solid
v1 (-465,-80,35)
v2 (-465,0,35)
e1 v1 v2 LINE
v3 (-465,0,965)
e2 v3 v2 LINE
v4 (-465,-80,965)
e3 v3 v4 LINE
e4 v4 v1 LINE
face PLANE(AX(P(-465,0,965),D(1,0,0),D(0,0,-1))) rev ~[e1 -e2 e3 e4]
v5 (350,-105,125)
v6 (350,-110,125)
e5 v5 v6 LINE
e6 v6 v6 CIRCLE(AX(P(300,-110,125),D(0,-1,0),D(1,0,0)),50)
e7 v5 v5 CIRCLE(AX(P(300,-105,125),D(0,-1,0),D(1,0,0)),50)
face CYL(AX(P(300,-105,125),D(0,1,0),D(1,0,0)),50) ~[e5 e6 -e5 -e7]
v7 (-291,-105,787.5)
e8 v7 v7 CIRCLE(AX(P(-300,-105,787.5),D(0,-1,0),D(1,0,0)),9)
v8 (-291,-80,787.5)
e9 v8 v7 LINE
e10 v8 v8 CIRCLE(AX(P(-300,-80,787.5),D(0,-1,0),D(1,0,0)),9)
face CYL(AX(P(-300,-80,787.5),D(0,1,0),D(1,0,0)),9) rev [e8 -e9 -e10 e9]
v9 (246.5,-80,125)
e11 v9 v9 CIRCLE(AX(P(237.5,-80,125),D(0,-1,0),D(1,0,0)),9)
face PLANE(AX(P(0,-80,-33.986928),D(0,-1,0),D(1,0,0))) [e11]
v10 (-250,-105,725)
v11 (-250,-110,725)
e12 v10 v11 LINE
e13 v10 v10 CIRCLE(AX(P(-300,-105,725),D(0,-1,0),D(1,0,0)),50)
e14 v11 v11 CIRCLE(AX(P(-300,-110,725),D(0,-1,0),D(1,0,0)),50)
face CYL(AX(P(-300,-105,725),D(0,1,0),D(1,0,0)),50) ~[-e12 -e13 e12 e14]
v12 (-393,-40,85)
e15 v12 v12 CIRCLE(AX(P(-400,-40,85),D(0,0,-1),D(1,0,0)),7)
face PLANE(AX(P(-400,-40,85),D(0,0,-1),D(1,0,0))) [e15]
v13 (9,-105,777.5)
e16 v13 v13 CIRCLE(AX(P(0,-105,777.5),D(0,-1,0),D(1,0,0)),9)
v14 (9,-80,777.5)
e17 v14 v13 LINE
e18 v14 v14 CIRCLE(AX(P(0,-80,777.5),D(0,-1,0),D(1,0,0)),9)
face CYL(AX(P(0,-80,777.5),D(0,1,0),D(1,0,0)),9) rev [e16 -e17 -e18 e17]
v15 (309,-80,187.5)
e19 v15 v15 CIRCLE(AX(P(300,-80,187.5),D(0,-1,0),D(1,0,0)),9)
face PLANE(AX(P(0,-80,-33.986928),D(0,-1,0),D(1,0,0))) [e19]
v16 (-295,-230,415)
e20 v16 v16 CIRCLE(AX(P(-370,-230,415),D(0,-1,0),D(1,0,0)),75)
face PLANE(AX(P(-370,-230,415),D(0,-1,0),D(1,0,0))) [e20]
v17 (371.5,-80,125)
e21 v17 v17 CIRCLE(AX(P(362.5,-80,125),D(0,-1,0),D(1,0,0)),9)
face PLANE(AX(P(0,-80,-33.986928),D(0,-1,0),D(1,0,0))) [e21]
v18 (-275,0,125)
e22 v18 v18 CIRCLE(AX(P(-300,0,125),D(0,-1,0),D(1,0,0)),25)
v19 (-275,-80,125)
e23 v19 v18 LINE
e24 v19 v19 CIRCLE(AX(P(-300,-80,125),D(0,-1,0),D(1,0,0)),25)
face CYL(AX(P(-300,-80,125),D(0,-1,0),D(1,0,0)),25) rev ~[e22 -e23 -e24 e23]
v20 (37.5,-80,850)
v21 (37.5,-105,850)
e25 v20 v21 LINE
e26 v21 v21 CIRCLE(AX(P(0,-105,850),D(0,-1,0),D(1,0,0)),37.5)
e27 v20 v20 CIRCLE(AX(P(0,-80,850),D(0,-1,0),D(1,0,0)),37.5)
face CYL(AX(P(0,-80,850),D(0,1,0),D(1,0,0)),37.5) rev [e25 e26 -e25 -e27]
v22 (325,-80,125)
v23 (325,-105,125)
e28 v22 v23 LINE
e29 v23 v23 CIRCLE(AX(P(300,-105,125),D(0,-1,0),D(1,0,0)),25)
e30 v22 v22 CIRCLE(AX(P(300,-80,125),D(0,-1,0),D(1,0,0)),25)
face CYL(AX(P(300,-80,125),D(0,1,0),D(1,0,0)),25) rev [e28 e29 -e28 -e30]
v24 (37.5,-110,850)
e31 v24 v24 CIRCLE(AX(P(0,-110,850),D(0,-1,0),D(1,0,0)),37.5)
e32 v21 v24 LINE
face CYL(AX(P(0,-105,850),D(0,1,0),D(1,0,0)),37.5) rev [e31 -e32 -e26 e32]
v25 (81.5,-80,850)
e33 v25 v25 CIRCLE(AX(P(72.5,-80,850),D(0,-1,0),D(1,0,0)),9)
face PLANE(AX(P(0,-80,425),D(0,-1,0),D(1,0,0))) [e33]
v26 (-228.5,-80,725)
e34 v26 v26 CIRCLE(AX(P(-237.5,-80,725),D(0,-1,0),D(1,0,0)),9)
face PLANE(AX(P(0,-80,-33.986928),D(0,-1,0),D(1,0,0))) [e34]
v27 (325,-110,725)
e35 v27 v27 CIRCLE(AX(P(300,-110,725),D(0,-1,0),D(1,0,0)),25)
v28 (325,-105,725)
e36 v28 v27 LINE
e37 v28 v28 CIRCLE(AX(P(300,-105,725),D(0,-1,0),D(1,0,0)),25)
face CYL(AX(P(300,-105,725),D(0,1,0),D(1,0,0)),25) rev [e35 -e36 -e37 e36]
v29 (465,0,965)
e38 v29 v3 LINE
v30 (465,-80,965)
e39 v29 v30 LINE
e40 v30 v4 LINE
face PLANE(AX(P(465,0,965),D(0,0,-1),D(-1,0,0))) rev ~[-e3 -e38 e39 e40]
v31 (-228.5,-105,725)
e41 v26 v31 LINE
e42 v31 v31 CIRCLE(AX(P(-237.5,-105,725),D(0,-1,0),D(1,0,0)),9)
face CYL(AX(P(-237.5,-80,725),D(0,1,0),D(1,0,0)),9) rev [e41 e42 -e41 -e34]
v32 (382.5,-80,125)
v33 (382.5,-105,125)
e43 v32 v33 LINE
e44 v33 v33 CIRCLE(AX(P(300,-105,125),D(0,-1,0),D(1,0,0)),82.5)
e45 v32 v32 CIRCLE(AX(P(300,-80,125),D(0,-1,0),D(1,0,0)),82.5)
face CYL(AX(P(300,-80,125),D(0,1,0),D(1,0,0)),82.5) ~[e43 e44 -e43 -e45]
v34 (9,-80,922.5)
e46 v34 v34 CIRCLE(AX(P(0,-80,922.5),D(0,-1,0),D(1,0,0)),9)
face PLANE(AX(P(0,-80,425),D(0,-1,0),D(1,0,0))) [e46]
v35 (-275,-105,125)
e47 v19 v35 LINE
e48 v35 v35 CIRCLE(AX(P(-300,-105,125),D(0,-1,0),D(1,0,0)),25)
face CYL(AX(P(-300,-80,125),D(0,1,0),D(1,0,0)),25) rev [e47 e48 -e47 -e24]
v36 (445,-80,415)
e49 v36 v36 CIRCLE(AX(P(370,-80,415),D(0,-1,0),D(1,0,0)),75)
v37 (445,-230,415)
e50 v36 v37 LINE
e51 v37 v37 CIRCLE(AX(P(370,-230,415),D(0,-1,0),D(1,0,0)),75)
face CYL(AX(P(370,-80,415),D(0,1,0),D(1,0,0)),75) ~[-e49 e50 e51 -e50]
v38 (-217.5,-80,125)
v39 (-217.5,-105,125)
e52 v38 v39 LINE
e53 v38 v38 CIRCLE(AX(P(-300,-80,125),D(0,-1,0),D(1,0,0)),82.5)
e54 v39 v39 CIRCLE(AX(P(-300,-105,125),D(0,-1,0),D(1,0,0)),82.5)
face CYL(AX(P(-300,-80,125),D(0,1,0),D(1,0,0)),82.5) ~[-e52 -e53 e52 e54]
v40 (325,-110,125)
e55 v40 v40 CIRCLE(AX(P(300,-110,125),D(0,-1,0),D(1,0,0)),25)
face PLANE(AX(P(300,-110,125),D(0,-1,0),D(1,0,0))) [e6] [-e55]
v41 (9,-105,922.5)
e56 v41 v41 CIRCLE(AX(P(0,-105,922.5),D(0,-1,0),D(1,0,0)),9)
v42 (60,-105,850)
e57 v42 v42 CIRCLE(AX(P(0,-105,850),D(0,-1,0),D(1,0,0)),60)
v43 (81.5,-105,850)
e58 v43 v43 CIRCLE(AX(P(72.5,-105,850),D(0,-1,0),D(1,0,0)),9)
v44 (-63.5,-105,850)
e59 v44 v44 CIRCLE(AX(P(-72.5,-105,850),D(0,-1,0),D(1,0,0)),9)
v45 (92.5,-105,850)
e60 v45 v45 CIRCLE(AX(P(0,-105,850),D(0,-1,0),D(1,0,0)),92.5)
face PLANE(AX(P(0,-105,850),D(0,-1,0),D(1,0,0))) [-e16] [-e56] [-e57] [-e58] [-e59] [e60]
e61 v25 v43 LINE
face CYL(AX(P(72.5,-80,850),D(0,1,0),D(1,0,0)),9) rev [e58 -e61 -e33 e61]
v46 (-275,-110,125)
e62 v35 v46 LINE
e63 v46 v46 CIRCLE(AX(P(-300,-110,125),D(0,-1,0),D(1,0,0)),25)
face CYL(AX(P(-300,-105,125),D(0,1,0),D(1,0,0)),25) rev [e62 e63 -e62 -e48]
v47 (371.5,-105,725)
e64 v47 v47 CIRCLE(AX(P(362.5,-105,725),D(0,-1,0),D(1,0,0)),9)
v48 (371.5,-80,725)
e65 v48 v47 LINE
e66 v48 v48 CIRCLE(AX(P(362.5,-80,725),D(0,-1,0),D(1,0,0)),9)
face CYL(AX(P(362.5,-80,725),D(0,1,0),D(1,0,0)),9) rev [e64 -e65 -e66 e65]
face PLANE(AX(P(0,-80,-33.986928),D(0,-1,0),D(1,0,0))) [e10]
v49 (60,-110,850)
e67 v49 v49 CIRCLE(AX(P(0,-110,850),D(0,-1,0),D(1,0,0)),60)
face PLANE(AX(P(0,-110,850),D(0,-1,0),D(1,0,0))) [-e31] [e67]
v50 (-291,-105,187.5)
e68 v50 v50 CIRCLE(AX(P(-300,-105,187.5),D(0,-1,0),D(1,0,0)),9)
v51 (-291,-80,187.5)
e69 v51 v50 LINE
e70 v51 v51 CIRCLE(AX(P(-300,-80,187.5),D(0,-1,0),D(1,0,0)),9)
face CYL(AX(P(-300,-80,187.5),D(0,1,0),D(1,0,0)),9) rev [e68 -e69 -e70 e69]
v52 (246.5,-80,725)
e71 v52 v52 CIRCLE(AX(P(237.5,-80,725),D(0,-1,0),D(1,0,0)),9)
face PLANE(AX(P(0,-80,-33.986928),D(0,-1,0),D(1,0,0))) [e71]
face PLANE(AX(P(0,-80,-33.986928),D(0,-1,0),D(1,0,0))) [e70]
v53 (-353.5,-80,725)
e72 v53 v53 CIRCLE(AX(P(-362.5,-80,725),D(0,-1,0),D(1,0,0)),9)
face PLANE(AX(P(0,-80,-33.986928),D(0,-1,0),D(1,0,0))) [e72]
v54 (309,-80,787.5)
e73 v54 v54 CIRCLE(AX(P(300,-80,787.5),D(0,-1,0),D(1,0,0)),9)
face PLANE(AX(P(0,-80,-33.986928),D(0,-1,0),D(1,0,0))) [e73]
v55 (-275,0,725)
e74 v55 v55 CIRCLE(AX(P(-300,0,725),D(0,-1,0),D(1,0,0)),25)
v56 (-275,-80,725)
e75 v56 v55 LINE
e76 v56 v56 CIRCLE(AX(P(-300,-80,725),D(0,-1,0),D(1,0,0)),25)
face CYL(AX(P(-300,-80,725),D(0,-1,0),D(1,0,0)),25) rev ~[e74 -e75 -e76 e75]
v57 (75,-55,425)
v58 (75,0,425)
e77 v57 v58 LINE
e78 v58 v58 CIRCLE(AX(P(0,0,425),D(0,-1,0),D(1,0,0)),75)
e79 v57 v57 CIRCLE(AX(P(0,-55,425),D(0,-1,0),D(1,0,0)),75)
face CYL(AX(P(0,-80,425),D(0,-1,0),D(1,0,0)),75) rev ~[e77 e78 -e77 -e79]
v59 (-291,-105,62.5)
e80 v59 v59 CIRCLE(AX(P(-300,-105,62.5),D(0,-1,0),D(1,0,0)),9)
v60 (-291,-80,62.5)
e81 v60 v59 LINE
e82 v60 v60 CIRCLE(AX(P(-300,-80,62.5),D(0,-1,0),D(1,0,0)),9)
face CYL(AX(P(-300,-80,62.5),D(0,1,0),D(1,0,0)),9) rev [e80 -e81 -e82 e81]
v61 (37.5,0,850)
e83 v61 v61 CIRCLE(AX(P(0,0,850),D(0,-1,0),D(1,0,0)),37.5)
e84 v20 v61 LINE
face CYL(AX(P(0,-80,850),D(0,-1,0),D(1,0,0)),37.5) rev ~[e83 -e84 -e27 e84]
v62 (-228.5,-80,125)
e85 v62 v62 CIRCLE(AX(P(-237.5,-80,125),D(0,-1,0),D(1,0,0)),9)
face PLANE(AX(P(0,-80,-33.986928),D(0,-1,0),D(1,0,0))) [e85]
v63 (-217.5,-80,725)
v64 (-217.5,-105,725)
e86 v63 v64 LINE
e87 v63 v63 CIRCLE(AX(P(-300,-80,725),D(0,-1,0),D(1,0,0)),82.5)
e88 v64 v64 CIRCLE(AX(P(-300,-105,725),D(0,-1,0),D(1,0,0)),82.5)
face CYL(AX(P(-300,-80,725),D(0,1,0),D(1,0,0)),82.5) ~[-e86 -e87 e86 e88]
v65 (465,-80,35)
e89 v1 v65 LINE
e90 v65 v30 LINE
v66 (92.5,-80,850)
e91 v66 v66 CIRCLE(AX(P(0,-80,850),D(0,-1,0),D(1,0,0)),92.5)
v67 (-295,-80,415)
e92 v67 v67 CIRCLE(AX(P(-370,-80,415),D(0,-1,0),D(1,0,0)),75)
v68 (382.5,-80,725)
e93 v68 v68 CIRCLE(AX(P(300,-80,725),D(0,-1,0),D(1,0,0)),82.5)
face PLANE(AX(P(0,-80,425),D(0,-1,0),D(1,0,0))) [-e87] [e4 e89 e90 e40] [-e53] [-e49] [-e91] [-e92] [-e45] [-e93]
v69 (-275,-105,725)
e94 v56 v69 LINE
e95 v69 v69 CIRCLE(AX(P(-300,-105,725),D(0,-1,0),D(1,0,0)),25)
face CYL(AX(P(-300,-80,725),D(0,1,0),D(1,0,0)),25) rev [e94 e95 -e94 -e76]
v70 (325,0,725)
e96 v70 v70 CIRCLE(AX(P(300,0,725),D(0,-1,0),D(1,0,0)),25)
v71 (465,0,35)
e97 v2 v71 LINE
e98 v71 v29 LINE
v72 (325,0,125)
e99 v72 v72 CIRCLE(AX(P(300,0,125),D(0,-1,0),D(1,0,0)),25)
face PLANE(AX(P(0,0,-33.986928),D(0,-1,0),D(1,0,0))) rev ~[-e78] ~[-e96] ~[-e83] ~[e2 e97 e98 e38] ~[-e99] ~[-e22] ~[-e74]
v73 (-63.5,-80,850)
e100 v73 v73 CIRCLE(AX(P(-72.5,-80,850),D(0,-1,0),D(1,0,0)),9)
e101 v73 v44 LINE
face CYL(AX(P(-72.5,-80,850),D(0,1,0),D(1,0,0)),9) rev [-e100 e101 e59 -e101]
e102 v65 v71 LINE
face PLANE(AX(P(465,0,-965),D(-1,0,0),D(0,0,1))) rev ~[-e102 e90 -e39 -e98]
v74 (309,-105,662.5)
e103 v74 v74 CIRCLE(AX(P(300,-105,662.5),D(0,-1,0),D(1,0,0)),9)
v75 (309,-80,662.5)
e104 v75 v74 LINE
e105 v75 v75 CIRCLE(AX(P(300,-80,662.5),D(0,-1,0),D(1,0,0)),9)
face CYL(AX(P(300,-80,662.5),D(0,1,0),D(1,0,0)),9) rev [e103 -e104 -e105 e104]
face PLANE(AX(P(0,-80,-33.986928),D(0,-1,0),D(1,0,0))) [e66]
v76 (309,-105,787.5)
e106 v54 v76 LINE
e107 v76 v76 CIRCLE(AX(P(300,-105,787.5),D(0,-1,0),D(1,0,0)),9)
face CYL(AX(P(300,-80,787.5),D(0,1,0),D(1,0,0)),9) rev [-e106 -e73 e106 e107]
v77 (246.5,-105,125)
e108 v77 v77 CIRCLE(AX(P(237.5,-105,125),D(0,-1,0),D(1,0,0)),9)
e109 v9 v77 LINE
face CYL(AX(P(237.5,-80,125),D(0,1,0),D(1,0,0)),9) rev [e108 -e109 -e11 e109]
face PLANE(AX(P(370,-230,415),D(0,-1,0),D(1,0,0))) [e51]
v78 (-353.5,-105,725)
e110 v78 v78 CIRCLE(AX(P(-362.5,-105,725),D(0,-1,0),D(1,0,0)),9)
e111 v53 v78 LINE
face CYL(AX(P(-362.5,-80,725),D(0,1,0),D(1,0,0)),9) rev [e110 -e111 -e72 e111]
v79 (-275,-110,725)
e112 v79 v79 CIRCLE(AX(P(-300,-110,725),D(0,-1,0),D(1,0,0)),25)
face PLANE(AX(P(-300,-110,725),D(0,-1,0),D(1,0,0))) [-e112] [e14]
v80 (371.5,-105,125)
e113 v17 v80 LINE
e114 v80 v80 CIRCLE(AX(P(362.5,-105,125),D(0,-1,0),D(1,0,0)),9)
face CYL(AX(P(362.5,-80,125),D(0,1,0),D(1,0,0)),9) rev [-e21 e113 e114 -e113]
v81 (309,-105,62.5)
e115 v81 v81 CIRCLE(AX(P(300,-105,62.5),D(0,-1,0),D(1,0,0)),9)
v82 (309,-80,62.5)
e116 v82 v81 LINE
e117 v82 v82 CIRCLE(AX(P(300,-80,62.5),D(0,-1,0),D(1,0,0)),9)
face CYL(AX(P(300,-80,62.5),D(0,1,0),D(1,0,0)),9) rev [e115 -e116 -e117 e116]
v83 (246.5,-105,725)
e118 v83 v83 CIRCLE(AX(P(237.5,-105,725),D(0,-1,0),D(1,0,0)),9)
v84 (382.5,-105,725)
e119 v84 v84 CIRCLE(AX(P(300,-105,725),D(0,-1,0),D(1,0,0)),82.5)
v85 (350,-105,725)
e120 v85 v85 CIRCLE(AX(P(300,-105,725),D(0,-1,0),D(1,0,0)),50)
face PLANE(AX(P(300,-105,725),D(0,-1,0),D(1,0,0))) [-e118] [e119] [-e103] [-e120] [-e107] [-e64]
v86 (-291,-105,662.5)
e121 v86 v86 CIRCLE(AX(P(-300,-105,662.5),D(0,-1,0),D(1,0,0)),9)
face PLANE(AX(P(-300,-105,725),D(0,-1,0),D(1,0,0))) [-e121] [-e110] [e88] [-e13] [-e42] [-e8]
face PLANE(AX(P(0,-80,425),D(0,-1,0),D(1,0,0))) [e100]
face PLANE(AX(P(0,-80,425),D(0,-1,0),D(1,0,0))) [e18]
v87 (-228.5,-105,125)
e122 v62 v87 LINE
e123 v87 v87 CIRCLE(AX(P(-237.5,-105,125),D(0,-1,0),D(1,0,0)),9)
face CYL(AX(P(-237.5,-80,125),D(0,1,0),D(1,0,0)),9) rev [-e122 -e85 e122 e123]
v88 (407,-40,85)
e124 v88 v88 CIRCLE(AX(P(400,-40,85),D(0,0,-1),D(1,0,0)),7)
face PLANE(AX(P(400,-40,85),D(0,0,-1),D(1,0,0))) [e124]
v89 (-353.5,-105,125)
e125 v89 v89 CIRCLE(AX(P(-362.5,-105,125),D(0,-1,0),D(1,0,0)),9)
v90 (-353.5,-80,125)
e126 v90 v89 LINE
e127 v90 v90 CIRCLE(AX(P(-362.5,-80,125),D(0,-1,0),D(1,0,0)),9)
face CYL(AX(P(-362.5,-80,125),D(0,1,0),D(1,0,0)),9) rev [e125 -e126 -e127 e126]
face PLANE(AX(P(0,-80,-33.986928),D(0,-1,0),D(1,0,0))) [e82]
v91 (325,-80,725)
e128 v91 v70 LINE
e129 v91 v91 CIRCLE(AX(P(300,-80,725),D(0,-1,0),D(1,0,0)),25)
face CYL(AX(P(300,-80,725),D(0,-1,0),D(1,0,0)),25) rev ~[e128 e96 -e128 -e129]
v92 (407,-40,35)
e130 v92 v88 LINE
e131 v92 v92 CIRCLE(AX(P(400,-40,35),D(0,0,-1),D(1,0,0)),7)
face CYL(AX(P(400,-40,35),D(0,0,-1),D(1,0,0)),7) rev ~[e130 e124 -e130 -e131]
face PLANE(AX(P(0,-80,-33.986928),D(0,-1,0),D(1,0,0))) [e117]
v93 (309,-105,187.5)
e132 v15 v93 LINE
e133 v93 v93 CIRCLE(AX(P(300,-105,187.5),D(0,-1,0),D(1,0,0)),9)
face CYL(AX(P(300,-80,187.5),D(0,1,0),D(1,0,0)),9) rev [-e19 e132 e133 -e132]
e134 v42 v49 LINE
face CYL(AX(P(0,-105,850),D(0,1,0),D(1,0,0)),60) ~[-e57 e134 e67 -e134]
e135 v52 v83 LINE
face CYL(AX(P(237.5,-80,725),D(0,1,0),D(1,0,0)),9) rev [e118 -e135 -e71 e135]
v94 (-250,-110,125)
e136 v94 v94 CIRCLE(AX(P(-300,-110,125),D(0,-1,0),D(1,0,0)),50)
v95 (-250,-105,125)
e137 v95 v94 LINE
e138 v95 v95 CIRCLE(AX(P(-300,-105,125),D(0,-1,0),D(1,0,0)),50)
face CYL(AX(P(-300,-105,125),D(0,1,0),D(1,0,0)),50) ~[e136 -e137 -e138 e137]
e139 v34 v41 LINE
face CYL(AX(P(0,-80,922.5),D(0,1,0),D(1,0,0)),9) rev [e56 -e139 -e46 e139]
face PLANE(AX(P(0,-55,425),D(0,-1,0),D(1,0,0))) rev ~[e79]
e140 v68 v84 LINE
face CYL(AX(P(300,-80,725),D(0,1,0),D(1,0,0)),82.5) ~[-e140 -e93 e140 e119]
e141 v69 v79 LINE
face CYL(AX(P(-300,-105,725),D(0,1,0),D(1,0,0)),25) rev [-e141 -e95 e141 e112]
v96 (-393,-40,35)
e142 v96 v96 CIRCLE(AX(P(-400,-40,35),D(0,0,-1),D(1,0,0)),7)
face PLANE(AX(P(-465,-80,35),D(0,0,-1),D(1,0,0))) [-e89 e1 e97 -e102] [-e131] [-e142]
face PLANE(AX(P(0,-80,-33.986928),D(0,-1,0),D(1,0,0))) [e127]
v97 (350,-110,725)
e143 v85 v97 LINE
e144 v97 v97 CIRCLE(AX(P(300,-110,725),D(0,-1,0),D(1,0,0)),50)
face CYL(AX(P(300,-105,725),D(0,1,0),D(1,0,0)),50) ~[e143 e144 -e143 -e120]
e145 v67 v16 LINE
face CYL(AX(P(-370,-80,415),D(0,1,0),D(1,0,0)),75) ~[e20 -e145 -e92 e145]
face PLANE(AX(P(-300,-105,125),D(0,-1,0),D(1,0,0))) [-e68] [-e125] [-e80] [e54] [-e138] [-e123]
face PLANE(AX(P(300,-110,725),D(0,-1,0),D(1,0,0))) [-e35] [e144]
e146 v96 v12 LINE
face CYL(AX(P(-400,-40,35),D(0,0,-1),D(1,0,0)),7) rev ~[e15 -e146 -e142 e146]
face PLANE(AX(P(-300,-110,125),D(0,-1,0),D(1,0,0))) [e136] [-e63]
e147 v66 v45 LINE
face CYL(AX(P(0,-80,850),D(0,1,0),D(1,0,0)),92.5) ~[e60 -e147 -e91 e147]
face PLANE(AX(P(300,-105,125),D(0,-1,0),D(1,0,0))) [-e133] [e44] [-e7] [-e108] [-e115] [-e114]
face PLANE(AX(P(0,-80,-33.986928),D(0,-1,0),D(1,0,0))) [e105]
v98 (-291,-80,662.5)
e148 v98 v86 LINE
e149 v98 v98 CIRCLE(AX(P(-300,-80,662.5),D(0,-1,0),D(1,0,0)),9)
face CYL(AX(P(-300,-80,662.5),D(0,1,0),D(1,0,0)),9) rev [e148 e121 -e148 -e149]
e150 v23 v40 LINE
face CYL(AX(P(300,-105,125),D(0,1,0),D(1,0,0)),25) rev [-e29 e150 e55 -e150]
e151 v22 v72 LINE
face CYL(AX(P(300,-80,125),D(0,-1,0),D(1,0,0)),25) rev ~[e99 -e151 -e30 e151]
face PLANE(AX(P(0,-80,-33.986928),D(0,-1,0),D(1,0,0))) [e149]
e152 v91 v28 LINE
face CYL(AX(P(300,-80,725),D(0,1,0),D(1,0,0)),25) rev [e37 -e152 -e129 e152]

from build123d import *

# Parameters (mm, degrees)
F0_W      = 690
F0_H      = 350
F0_H_2    = 200
F1_DEPTH  = 80
F2_R      = 25
F2_R_2    = 75
F3_DEPTH  = 100
F4_R      = 75
F5_DEPTH  = 150
F6_R      = 82.5
F6_R_2    = 9
F6_R_3    = 25
F7_DEPTH  = 25
F8_R      = 50
F8_R_2    = 25
F9_DEPTH  = 5
F10_R     = 75
F11_DEPTH = 25
F12_R     = 37.5
F13_DEPTH = 100
F14_R     = 92.5
F14_R_2   = 9
F14_R_3   = 37.5
F15_DEPTH = 25
F16_R     = 60
F16_R_2   = 37.5
F17_DEPTH = 5
F18_W     = 930
F18_H     = 1000
F19_DEPTH = 100
F20_R     = 7
F21_DEPTH = 50


with BuildPart() as f1:
    # F0 (on Front) → F1 (new body)
    with BuildSketch(Plane.XZ):
        Polygon((345, -965), (465, -965), (465, 965), (-465, 965), (-465, -965), (-345, -965), (-345, -765), (345, -765), align=None)
        with Locations((0, -470)):
            Rectangle(F0_W, F0_H, mode=Mode.SUBTRACT)
        with Locations((0, -75)):
            Rectangle(F0_W, F0_H_2, mode=Mode.SUBTRACT)
    extrude(amount=F1_DEPTH)

    # F2 (on face) → F3 (cut)
    with BuildSketch(Plane.XZ.offset(80)):
        with Locations((-300, 125)):
            Circle(F2_R)
        with Locations((0, 425)):
            Circle(F2_R_2)
        with Locations((-300, 725)):
            Circle(F2_R)
        with Locations((300, 125)):
            Circle(F2_R)
        with Locations((300, 725)):
            Circle(F2_R)
    extrude(amount=-F3_DEPTH, mode=Mode.SUBTRACT)

    # F4 (on face) → F5 (join)
    with BuildSketch(Plane.XZ.offset(80)):
        with Locations((-370, 415)):
            Circle(F4_R)
        with Locations((370, 415)):
            Circle(F4_R)
    extrude(amount=F5_DEPTH)

    # F6 (on face) → F7 (join)
    with BuildSketch(Plane.XZ.offset(80)):
        with Locations((-300, 725)):
            Circle(F6_R)
        with Locations((-300, 662.5)):
            Circle(F6_R_2, mode=Mode.SUBTRACT)
        with Locations((-362.5, 725)):
            Circle(F6_R_2, mode=Mode.SUBTRACT)
        with Locations((-300, 725)):
            Circle(F6_R_3, mode=Mode.SUBTRACT)
        with Locations((-300, 787.5)):
            Circle(F6_R_2, mode=Mode.SUBTRACT)
        with Locations((-237.5, 725)):
            Circle(F6_R_2, mode=Mode.SUBTRACT)
        with Locations((-300, 125)):
            Circle(F6_R)
        with Locations((-300, 62.5)):
            Circle(F6_R_2, mode=Mode.SUBTRACT)
        with Locations((-362.5, 125)):
            Circle(F6_R_2, mode=Mode.SUBTRACT)
        with Locations((-300, 125)):
            Circle(F6_R_3, mode=Mode.SUBTRACT)
        with Locations((-237.5, 125)):
            Circle(F6_R_2, mode=Mode.SUBTRACT)
        with Locations((-300, 187.5)):
            Circle(F6_R_2, mode=Mode.SUBTRACT)
        with Locations((300, 725)):
            Circle(F6_R)
        with Locations((300, 662.5)):
            Circle(F6_R_2, mode=Mode.SUBTRACT)
        with Locations((237.5, 725)):
            Circle(F6_R_2, mode=Mode.SUBTRACT)
        with Locations((300, 725)):
            Circle(F6_R_3, mode=Mode.SUBTRACT)
        with Locations((362.5, 725)):
            Circle(F6_R_2, mode=Mode.SUBTRACT)
        with Locations((300, 787.5)):
            Circle(F6_R_2, mode=Mode.SUBTRACT)
        with Locations((300, 125)):
            Circle(F6_R)
        with Locations((237.5, 125)):
            Circle(F6_R_2, mode=Mode.SUBTRACT)
        with Locations((300, 62.5)):
            Circle(F6_R_2, mode=Mode.SUBTRACT)
        with Locations((300, 125)):
            Circle(F6_R_3, mode=Mode.SUBTRACT)
        with Locations((362.5, 125)):
            Circle(F6_R_2, mode=Mode.SUBTRACT)
        with Locations((300, 187.5)):
            Circle(F6_R_2, mode=Mode.SUBTRACT)
    extrude(amount=F7_DEPTH)

    # F8 (on face) → F9 (join)
    with BuildSketch(Plane.XZ.offset(105)):
        with Locations((-300, 725)):
            Circle(F8_R)
        with Locations((-300, 725)):
            Circle(F8_R_2, mode=Mode.SUBTRACT)
        with Locations((-300, 125)):
            Circle(F8_R)
        with Locations((-300, 125)):
            Circle(F8_R_2, mode=Mode.SUBTRACT)
        with Locations((300, 725)):
            Circle(F8_R)
        with Locations((300, 725)):
            Circle(F8_R_2, mode=Mode.SUBTRACT)
        with Locations((300, 125)):
            Circle(F8_R)
        with Locations((300, 125)):
            Circle(F8_R_2, mode=Mode.SUBTRACT)
    extrude(amount=F9_DEPTH)

    # F10 (on face) → F11 (join)
    with BuildSketch(Plane.XZ.offset(80)):
        with Locations((0, 425)):
            Circle(F10_R)
    extrude(amount=-F11_DEPTH)

    # F12 (on face) → F13 (cut)
    with BuildSketch(Plane.XZ.offset(80)):
        with Locations((0, 850)):
            Circle(F12_R)
    extrude(amount=-F13_DEPTH, mode=Mode.SUBTRACT)

    # F14 (on face) → F15 (join)
    with BuildSketch(Plane.XZ.offset(80)):
        with Locations((0, 850)):
            Circle(F14_R)
        with Locations((-72.5, 850)):
            Circle(F14_R_2, mode=Mode.SUBTRACT)
        with Locations((0, 777.5)):
            Circle(F14_R_2, mode=Mode.SUBTRACT)
        with Locations((0, 850)):
            Circle(F14_R_3, mode=Mode.SUBTRACT)
        with Locations((0, 922.5)):
            Circle(F14_R_2, mode=Mode.SUBTRACT)
        with Locations((72.5, 850)):
            Circle(F14_R_2, mode=Mode.SUBTRACT)
    extrude(amount=F15_DEPTH)

    # F16 (on face) → F17 (join)
    with BuildSketch(Plane.XZ.offset(105)):
        with Locations((0, 850)):
            Circle(F16_R)
        with Locations((0, 850)):
            Circle(F16_R_2, mode=Mode.SUBTRACT)
    extrude(amount=F17_DEPTH)

    # F18 (on face) → F19 (cut)
    with BuildSketch(Plane.XZ.offset(80)):
        with Locations((0, -465)):
            Rectangle(F18_W, F18_H)
    extrude(amount=-F19_DEPTH, mode=Mode.SUBTRACT)

    # F20 (on face) → F21 (cut)
    with BuildSketch(Plane(origin=(0, 0, 35), x_dir=(1, 0, 0), z_dir=(0, 0, -1))):
        with Locations((-400, 40)):
            Circle(F20_R)
        with Locations((400, 40)):
            Circle(F20_R)
    extrude(amount=-F21_DEPTH, mode=Mode.SUBTRACT)


solid = f1.part
